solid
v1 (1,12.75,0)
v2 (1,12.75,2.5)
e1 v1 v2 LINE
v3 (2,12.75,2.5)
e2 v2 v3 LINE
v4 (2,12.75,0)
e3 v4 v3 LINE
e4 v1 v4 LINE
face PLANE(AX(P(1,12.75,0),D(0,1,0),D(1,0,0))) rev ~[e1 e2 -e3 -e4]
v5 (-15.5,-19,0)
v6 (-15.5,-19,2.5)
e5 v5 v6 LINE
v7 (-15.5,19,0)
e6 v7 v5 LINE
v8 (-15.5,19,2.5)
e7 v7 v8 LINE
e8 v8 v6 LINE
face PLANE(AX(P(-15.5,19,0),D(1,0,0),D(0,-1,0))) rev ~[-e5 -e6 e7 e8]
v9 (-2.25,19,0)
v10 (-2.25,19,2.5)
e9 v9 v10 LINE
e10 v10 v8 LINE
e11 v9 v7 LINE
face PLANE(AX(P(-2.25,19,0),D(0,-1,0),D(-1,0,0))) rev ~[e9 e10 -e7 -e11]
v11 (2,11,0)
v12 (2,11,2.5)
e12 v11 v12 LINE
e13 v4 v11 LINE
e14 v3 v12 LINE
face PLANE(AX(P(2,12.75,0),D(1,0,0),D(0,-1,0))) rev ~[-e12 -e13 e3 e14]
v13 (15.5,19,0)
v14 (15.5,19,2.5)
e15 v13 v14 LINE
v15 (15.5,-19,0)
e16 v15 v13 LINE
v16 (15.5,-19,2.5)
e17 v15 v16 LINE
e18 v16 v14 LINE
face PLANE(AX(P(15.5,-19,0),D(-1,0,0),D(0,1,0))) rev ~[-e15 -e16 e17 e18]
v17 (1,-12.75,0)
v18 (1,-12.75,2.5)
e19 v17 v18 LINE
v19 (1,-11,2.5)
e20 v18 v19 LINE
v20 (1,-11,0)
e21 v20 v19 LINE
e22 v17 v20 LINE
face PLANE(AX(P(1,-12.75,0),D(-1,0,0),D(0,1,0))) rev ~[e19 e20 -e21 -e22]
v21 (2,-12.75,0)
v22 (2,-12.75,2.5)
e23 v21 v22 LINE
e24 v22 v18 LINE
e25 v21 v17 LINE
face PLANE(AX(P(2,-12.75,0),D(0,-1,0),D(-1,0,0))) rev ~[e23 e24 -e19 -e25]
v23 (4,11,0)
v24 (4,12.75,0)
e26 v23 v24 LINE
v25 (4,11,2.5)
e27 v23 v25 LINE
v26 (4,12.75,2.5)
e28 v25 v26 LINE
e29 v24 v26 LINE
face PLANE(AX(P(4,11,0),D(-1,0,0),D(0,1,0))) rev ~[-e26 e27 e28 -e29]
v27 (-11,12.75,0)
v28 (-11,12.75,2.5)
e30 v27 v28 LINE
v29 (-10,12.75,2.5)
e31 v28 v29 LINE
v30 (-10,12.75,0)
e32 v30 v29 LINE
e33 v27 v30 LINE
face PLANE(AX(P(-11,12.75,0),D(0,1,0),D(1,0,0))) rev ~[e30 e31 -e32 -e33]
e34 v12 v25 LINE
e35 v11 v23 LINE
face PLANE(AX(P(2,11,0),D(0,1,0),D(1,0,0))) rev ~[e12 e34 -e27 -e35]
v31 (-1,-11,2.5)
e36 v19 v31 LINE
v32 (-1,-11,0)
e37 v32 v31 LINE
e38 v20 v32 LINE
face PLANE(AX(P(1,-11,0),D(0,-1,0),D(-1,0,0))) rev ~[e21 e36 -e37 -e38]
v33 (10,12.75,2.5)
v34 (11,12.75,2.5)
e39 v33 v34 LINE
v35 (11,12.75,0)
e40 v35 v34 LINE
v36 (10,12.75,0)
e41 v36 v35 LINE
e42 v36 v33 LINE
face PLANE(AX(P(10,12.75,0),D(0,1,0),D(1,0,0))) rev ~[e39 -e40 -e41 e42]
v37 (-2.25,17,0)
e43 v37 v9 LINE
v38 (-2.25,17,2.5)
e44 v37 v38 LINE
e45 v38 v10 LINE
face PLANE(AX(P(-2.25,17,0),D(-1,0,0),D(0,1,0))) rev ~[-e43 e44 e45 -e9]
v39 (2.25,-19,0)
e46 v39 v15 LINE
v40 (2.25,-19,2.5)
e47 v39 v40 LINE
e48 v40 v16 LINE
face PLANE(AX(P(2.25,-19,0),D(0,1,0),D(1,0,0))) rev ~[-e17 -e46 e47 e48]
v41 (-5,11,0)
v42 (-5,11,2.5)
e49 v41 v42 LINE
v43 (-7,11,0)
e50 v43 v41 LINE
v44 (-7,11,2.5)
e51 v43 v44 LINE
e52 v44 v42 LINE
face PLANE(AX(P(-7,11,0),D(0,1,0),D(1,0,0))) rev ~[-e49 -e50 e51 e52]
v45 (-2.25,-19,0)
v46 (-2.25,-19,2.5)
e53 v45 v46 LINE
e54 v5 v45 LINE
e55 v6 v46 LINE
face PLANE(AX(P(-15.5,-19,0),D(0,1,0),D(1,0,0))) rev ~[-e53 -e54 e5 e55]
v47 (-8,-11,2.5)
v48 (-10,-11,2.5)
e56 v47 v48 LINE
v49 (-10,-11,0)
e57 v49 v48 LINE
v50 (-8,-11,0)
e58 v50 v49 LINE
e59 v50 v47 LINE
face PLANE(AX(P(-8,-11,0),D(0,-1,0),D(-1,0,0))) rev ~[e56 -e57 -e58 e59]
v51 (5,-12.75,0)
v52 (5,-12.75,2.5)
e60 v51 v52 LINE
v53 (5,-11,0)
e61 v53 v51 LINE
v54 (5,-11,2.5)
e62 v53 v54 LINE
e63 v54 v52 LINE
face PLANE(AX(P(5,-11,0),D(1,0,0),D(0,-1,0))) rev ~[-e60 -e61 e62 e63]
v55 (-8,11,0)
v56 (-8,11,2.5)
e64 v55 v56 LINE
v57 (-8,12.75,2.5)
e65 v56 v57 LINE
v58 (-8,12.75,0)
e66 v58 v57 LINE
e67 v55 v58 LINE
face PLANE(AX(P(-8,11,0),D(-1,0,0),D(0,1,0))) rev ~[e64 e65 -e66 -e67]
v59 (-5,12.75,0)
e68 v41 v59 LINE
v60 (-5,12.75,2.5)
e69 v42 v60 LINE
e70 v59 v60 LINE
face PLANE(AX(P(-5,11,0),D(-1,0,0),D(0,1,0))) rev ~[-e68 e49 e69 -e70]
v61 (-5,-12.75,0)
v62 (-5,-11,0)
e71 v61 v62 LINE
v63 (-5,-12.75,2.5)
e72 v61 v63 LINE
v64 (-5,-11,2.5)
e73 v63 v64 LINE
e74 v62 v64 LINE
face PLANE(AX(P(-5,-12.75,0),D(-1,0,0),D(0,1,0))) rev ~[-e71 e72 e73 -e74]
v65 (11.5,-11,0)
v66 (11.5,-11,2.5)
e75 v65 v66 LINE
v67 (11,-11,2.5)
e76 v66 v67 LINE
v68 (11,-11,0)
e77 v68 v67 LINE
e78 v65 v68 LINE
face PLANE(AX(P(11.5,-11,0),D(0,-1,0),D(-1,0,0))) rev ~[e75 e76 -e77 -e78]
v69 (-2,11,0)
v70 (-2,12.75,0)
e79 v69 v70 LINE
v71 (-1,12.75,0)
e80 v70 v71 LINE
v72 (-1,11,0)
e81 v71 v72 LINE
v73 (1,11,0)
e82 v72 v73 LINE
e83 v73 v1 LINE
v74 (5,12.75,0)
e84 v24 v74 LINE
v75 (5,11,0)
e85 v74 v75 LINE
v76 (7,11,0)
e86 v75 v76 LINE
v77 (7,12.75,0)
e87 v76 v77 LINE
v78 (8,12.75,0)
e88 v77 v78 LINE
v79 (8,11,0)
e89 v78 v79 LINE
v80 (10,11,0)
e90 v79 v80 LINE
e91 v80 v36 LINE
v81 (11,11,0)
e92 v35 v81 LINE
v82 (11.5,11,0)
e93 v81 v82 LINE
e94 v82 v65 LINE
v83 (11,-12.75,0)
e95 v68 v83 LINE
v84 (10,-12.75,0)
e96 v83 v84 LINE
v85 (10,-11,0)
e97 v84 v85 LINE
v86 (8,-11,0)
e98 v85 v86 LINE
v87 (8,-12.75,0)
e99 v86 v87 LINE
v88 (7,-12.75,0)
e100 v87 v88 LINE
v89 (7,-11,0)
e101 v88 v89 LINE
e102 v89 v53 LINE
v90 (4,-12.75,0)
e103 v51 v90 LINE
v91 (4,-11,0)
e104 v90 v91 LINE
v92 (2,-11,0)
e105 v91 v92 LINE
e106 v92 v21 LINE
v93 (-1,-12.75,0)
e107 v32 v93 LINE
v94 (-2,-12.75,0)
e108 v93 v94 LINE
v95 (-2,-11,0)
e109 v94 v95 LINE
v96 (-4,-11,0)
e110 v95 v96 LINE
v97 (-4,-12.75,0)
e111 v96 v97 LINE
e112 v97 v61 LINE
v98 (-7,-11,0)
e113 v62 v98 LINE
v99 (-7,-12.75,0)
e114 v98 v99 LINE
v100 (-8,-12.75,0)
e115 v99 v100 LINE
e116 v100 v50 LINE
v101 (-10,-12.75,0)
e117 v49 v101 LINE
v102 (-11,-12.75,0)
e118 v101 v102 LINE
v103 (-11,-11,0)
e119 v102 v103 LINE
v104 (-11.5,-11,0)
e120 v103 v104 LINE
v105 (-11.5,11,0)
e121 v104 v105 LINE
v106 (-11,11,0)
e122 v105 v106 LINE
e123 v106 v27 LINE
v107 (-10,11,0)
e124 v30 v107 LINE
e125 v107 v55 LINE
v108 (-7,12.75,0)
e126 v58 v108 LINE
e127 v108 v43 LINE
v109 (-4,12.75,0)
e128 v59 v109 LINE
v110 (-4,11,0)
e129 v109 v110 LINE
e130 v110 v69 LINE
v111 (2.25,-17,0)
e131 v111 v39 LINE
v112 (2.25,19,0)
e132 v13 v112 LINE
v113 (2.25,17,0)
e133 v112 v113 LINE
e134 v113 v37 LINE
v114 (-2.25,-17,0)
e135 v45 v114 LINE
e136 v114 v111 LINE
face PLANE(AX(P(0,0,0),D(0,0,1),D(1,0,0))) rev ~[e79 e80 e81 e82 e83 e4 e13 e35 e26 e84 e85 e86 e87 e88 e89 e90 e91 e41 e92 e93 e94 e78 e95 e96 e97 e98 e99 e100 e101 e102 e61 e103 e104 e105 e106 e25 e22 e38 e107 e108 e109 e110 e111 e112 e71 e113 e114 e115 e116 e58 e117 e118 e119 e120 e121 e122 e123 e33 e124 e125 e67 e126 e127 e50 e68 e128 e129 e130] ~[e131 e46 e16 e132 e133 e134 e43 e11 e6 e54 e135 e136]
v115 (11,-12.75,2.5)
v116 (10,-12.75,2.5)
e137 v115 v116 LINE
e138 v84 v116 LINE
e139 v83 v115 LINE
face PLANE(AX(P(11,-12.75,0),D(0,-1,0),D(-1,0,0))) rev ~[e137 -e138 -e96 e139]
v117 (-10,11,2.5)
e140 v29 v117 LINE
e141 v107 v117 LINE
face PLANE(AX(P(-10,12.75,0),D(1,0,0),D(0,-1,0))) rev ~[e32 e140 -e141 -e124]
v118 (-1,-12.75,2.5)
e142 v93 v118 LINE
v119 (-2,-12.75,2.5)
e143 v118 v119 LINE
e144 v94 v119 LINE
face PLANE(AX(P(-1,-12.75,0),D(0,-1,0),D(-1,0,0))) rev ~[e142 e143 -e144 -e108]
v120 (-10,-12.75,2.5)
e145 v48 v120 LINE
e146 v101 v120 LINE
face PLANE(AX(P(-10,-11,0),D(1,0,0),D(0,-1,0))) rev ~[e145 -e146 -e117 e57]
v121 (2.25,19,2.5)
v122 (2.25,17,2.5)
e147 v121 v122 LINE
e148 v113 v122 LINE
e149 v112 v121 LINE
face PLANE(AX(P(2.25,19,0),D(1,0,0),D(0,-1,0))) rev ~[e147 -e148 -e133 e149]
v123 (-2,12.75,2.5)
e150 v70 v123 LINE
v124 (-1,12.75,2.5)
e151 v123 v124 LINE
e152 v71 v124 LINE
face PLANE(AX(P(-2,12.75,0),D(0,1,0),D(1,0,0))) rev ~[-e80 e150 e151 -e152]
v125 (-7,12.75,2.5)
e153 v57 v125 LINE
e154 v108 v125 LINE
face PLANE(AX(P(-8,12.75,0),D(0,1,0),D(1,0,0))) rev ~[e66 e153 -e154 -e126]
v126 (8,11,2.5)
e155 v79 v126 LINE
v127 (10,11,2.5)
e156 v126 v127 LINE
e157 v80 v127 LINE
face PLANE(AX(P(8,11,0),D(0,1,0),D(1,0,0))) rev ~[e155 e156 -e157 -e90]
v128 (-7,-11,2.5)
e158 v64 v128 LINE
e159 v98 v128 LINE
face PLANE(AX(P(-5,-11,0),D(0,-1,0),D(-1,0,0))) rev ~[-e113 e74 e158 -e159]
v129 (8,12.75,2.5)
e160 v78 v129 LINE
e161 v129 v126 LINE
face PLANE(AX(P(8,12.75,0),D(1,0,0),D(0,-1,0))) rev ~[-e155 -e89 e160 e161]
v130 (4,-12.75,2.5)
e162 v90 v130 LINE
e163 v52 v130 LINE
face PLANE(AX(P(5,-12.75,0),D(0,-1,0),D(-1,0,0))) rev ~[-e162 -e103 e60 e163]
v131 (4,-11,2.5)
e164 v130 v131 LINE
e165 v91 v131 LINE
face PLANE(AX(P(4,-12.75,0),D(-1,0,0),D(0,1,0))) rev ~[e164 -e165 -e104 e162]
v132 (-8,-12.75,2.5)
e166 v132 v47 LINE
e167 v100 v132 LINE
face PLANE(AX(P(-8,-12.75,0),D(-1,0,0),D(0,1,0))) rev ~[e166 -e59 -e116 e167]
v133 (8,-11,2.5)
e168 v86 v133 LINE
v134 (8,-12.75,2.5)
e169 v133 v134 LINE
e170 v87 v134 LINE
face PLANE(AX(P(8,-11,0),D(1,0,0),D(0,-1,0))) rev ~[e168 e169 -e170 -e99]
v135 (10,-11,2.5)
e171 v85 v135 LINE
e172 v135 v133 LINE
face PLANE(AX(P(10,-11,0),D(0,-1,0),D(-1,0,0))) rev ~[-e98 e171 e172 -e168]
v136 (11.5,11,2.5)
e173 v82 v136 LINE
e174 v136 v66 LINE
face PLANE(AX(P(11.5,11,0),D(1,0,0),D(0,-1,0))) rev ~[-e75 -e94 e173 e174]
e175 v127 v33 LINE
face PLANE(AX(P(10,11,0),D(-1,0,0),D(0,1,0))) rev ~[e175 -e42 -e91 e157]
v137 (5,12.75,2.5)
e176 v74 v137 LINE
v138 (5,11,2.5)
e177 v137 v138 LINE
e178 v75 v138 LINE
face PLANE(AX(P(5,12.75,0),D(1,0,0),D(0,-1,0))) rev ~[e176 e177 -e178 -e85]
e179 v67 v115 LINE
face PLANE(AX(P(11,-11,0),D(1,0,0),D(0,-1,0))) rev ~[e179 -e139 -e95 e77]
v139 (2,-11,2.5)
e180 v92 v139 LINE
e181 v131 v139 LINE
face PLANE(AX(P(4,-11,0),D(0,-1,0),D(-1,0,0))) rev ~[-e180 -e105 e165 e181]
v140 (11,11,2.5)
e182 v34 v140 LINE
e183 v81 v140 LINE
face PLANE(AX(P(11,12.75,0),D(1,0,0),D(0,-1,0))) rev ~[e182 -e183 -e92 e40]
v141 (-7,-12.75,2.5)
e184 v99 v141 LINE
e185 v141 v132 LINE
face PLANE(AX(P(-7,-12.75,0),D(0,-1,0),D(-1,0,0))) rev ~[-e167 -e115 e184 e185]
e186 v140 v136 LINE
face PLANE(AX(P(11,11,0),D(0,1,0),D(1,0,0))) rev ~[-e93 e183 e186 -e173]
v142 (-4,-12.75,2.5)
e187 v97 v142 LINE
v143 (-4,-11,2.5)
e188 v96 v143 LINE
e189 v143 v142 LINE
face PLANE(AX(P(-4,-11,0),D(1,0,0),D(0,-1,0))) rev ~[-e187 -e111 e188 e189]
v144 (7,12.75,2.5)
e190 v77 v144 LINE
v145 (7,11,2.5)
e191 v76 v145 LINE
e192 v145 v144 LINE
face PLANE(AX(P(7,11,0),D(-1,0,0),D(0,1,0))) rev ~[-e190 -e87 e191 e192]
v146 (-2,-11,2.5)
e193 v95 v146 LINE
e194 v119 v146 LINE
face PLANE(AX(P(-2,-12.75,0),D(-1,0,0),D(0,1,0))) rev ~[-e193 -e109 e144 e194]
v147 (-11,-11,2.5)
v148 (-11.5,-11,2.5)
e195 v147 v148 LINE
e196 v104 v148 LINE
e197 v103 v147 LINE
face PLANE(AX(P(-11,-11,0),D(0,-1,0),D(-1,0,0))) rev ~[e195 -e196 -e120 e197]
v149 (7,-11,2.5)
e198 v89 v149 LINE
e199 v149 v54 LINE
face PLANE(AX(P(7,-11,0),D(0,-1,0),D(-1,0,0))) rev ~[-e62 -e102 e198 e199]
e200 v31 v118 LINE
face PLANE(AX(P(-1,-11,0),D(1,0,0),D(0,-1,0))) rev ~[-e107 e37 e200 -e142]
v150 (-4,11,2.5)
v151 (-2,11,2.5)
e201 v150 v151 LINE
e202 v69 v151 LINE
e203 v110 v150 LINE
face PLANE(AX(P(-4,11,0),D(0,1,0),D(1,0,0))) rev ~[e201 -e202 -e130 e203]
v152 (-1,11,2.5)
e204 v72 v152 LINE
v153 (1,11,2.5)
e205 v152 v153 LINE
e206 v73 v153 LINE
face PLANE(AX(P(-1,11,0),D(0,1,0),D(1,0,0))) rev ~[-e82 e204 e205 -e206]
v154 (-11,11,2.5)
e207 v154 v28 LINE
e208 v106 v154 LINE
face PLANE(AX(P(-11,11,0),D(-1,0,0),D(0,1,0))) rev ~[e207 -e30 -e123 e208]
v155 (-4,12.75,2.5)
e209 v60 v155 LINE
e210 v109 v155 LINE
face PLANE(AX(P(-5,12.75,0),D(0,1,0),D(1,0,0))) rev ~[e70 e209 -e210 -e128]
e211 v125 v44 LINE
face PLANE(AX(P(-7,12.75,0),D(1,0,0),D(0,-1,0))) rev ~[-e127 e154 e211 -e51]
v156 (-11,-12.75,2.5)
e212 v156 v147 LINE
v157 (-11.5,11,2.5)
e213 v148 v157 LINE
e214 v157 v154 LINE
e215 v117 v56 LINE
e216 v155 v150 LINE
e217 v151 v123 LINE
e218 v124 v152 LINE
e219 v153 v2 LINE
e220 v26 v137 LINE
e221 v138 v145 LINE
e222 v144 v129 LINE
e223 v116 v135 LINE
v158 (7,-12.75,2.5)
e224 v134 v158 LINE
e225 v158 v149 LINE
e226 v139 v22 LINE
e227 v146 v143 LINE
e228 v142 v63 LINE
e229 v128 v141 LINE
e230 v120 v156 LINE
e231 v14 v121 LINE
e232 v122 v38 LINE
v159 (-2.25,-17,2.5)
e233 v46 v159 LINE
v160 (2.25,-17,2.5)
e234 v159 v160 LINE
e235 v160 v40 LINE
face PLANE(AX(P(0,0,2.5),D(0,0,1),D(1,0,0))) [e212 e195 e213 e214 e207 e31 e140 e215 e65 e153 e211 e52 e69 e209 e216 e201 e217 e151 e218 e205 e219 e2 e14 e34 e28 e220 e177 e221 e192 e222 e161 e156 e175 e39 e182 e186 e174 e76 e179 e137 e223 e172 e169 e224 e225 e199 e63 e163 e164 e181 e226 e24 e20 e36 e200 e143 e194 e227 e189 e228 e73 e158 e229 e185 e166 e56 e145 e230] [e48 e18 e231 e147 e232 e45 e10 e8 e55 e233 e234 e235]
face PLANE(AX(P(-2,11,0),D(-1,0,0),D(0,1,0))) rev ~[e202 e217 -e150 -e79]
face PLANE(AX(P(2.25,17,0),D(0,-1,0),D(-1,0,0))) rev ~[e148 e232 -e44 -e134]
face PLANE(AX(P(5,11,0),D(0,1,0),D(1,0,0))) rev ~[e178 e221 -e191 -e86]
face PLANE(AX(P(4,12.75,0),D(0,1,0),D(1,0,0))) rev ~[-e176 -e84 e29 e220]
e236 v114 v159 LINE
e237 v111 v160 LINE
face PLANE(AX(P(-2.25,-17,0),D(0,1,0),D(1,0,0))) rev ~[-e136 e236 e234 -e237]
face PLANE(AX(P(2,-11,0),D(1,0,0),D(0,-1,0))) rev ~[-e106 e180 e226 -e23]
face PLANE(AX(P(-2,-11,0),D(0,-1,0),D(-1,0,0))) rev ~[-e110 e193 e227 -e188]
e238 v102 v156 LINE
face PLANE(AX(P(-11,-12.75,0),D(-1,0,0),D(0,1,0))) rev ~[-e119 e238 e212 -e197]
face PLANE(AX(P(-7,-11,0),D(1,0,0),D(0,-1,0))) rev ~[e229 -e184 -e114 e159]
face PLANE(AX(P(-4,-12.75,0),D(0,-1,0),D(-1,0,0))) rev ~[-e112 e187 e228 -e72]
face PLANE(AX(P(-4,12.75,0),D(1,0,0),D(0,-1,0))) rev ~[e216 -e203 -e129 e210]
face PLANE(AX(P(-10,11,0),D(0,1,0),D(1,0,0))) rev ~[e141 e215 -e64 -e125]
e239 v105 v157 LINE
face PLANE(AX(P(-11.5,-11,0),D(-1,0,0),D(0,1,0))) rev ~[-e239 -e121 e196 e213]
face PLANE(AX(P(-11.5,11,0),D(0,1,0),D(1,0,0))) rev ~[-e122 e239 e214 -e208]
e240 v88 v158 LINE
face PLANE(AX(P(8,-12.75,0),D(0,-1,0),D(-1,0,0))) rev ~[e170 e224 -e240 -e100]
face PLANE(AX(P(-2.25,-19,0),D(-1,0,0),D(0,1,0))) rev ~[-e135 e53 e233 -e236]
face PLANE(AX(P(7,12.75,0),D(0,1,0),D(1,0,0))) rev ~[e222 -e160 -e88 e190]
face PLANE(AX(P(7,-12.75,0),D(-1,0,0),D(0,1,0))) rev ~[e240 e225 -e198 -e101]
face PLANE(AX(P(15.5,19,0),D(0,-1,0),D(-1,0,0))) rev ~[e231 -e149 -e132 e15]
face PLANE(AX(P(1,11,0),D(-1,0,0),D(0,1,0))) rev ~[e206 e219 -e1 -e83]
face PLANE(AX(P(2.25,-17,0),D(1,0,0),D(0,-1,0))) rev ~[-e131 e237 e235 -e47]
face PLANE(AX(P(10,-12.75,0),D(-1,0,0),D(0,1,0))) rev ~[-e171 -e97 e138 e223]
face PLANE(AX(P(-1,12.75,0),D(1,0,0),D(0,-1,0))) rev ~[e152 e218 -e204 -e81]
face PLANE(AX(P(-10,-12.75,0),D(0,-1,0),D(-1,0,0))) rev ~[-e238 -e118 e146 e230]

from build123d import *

# Parameters (mm, degrees)
F1_DEPTH = 2.5


with BuildPart() as f1:
    # F0 (on Top) → F1 (new body)
    with BuildSketch(Plane.XY):
        Polygon((2.25, -19), (15.5, -19), (15.5, -17), (15.5, 17), (15.5, 19), (2.25, 19), (2.25, 17), (-2.25, 17), (-2.25, 19), (-15.5, 19), (-15.5, 17), (-15.5, -17), (-15.5, -19), (-2.25, -19), (-2.25, -17), (2.25, -17), align=None)
        Polygon((11.5, 11), (11.5, -11), (11, -11), (11, -12.75), (10, -12.75), (10, -11), (8, -11), (8, -12.75), (7, -12.75), (7, -11), (5, -11), (5, -12.75), (4, -12.75), (4, -11), (2, -11), (2, -12.75), (1, -12.75), (1, -11), (-1, -11), (-1, -12.75), (-2, -12.75), (-2, -11), (-4, -11), (-4, -12.75), (-5, -12.75), (-5, -11), (-7, -11), (-7, -12.75), (-8, -12.75), (-8, -11), (-10, -11), (-10, -12.75), (-11, -12.75), (-11, -11), (-11.5, -11), (-11.5, 11), (-11, 11), (-11, 12.75), (-10, 12.75), (-10, 11), (-8, 11), (-8, 12.75), (-7, 12.75), (-7, 11), (-5, 11), (-5, 12.75), (-4, 12.75), (-4, 11), (-2, 11), (-2, 12.75), (-1, 12.75), (-1, 11), (1, 11), (1, 12.75), (2, 12.75), (2, 11), (4, 11), (4, 12.75), (5, 12.75), (5, 11), (7, 11), (7, 12.75), (8, 12.75), (8, 11), (10, 11), (10, 12.75), (11, 12.75), (11, 11), align=None, mode=Mode.SUBTRACT)
    extrude(amount=F1_DEPTH)


solid = f1.part
